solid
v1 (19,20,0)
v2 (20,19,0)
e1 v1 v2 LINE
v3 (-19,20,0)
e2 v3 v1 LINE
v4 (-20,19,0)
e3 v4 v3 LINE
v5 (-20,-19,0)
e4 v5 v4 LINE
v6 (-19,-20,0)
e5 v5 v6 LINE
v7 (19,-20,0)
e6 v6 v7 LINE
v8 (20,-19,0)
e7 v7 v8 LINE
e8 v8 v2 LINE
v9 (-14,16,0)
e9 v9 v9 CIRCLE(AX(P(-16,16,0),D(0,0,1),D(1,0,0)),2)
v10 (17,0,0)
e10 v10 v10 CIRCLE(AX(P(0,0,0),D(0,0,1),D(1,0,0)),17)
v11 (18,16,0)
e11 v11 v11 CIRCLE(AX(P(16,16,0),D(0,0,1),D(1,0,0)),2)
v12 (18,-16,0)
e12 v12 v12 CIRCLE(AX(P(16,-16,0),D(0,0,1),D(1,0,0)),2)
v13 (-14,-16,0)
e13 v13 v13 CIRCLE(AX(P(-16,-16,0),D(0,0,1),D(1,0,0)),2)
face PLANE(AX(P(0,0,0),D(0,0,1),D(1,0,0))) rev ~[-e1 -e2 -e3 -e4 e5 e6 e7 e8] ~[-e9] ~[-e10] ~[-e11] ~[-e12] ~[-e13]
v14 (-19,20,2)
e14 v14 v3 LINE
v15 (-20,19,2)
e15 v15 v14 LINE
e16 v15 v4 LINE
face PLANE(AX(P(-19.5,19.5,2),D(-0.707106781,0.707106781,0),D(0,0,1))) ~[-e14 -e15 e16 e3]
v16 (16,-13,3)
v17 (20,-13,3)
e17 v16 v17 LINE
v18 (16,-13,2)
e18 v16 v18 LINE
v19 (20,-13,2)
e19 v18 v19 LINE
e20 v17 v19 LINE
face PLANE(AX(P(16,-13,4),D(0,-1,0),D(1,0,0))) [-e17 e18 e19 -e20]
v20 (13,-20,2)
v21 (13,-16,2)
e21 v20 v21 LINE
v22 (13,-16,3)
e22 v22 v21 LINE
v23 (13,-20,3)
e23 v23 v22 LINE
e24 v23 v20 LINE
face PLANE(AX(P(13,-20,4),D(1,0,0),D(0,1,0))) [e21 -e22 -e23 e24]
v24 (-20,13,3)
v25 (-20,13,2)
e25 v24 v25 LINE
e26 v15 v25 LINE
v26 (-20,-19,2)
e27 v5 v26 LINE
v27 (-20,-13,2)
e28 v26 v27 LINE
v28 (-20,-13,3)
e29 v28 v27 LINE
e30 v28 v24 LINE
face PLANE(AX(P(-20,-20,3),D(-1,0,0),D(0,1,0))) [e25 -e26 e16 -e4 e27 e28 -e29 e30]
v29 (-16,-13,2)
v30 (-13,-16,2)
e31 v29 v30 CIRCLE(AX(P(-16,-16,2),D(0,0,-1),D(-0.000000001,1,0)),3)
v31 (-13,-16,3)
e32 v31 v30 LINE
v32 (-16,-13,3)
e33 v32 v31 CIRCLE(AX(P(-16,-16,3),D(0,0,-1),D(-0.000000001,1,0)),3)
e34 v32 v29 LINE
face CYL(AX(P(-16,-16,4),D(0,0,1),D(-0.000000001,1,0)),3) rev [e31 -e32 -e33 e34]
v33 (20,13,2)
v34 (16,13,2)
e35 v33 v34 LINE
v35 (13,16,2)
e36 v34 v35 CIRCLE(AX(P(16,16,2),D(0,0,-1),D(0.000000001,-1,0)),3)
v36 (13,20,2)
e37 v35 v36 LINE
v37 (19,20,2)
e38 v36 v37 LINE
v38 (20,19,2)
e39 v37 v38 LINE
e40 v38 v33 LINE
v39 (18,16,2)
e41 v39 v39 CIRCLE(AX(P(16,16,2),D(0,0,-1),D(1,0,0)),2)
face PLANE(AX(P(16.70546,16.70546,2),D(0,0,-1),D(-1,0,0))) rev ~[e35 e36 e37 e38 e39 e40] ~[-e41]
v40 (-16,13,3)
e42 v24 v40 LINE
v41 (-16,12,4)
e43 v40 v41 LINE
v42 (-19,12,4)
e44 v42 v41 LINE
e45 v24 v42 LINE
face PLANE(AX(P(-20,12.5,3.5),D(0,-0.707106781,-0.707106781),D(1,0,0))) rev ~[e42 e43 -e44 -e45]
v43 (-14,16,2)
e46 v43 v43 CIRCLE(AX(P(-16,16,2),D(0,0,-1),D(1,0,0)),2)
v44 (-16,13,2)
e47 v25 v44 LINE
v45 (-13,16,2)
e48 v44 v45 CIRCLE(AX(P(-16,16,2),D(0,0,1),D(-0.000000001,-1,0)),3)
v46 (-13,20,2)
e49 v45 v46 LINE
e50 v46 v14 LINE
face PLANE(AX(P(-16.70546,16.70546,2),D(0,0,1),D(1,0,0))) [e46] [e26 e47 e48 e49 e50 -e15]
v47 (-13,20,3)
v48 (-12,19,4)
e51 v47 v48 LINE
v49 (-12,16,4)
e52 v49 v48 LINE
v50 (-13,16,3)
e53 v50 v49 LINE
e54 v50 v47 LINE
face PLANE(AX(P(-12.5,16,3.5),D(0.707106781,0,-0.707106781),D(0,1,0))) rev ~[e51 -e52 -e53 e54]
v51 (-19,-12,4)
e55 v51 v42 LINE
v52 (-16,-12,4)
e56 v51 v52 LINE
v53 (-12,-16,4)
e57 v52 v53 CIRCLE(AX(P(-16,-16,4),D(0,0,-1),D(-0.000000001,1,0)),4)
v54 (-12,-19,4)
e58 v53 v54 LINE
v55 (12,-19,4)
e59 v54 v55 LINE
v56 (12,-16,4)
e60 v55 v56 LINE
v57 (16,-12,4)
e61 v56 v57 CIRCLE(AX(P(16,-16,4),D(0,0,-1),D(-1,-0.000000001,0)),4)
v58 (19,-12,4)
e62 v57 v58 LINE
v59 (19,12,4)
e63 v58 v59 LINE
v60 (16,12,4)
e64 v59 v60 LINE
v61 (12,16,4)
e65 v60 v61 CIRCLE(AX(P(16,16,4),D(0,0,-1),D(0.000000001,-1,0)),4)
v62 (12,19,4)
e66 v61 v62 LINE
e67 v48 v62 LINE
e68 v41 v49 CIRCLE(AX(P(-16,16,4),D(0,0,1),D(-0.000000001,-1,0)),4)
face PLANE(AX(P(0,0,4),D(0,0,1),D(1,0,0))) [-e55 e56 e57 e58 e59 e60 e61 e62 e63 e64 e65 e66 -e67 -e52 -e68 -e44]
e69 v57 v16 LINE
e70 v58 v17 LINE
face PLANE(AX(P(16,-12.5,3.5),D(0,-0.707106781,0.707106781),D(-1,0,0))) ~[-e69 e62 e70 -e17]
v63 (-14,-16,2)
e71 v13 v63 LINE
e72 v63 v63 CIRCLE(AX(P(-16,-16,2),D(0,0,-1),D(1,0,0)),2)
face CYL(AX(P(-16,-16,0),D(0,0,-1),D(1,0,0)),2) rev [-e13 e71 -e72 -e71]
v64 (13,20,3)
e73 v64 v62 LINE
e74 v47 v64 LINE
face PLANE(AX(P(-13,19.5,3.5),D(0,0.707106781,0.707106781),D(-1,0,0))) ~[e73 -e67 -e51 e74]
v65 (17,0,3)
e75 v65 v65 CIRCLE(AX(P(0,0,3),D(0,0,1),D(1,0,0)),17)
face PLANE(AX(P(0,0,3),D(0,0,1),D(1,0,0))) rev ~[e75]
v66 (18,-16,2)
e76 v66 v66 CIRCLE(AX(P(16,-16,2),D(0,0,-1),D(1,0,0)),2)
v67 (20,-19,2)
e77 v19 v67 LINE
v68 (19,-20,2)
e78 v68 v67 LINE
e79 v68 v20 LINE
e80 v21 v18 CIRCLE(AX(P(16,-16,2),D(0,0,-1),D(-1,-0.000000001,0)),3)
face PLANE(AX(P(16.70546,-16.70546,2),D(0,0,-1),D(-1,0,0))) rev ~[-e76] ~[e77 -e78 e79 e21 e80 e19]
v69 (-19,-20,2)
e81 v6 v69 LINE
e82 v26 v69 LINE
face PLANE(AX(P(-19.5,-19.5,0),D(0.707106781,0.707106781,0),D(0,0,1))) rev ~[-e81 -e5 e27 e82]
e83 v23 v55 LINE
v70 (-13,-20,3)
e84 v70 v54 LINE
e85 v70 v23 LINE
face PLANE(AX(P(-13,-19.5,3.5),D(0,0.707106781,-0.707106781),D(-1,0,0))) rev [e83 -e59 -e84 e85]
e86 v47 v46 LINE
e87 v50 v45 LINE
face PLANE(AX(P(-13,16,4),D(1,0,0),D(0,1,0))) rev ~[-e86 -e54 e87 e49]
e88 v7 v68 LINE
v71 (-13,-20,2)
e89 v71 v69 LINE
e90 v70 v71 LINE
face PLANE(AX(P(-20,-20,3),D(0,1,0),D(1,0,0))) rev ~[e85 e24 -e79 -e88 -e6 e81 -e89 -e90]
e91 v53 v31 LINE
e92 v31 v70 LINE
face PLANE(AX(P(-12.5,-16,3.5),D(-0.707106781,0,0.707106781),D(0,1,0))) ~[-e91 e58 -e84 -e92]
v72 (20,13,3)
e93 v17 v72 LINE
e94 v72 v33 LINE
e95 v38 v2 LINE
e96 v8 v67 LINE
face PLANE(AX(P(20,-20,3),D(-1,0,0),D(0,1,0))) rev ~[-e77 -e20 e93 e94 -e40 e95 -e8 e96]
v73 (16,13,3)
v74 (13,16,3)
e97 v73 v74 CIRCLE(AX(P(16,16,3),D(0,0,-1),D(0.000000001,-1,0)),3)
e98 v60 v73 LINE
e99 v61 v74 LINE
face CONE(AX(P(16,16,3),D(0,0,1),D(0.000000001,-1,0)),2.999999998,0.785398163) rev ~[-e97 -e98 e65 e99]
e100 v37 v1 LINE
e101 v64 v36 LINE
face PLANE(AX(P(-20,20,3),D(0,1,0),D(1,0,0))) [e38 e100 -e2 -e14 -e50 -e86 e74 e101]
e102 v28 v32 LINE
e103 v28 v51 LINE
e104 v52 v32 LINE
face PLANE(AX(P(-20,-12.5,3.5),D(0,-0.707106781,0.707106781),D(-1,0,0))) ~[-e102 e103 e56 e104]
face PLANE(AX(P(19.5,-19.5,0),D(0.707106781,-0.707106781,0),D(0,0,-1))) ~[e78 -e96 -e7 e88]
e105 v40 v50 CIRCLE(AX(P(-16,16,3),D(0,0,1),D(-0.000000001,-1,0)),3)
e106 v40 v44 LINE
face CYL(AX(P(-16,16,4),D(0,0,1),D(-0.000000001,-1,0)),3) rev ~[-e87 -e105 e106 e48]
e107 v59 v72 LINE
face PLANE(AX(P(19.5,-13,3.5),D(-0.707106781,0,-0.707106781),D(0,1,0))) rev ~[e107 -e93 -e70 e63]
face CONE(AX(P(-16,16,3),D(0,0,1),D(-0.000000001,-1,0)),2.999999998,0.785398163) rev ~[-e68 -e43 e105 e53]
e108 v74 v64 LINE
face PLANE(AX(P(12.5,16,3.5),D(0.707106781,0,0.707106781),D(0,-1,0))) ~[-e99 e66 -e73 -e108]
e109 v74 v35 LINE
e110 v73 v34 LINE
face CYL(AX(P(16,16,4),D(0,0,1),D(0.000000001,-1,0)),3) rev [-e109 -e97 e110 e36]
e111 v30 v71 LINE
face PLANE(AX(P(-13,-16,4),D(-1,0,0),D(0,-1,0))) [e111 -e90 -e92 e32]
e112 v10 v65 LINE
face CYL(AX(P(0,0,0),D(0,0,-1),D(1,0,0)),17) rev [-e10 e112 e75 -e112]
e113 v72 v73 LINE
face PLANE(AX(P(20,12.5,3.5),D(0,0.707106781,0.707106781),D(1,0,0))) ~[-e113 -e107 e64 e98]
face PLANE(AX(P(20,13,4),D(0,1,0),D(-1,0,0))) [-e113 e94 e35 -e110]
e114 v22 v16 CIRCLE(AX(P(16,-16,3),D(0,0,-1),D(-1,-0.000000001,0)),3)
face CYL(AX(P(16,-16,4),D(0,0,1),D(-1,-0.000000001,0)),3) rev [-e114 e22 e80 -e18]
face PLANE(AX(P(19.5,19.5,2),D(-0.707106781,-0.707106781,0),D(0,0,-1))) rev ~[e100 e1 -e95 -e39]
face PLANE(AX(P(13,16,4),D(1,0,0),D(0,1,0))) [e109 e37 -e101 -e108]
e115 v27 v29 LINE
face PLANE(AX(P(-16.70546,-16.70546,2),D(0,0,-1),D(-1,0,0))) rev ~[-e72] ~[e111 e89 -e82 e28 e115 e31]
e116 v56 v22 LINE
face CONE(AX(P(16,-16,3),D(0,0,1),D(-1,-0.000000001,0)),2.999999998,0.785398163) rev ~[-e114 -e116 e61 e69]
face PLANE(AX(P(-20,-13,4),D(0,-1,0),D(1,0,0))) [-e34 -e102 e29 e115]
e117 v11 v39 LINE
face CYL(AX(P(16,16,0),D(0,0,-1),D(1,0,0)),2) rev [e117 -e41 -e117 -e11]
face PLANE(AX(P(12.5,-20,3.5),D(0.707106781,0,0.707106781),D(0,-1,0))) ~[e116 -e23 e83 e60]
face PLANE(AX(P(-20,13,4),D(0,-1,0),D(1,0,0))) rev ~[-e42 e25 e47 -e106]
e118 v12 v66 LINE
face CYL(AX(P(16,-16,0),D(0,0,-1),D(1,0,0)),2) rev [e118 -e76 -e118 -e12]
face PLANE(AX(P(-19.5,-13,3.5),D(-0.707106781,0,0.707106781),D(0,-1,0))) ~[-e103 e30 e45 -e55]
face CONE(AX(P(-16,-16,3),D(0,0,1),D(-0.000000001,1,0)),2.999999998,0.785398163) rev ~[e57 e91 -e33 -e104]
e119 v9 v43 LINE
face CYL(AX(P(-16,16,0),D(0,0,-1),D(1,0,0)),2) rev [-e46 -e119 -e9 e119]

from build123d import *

# Parameters (mm, degrees)
CROQUIS1_W              = 40
CROQUIS1_H              = 40
CROQUIS1_R              = 2
CROQUIS1_R_2            = 17
SALIENTE_EXTRUIR1_DEPTH = 3
CROQUIS2_W              = 40
CROQUIS2_H              = 40
SALIENTE_EXTRUIR2_DEPTH = 1
CORTAR_EXTRUIR1_DEPTH   = 2
CHAFL_N1_SIZE           = 1


with BuildPart() as part:
    # Croquis1 → Saliente-Extruir1 (new body)
    with BuildSketch(Plane.XY):
        Rectangle(CROQUIS1_W, CROQUIS1_H)
        with Locations((-16, -16)):
            Circle(CROQUIS1_R, mode=Mode.SUBTRACT)
        with Locations((16, -16)):
            Circle(CROQUIS1_R, mode=Mode.SUBTRACT)
        with Locations((16, 16)):
            Circle(CROQUIS1_R, mode=Mode.SUBTRACT)
        with Locations((-16, 16)):
            Circle(CROQUIS1_R, mode=Mode.SUBTRACT)
        Circle(CROQUIS1_R_2, mode=Mode.SUBTRACT)
    extrude(amount=SALIENTE_EXTRUIR1_DEPTH)

    # Croquis2 → Saliente-Extruir2 (add)
    with BuildSketch(Plane.XY.offset(3)):
        Rectangle(CROQUIS2_W, CROQUIS2_H)
    extrude(amount=SALIENTE_EXTRUIR2_DEPTH)

    # Croquis3 → Cortar-Extruir1 (cut)
    with BuildSketch(Plane.XY.offset(4)):
        with BuildLine():
            Line((13, 16), (13, 20))
            Line((13, 20), (20, 20))
            Line((20, 20), (20, 13))
            Line((20, 13), (16, 13))
            ThreePointArc((16, 13), (13.878679656, 13.878679656), (13, 16))
        make_face()
        with BuildLine():
            Line((-13, 16), (-13, 20))
            Line((-13, 20), (-20, 20))
            Line((-20, 20), (-20, 13))
            Line((-20, 13), (-16, 13))
            ThreePointArc((-16, 13), (-13.878679656, 13.878679656), (-13, 16))
        make_face()
        with BuildLine():
            Line((16, -13), (20, -13))
            Line((20, -13), (20, -20))
            Line((20, -20), (13, -20))
            Line((13, -20), (13, -16))
            ThreePointArc((13, -16), (13.878679656, -13.878679656), (16, -13))
        make_face()
        with BuildLine():
            Line((-13, -16), (-13, -20))
            Line((-13, -20), (-20, -20))
            Line((-20, -20), (-20, -13))
            Line((-20, -13), (-16, -13))
            ThreePointArc((-16, -13), (-13.878679656, -13.878679656), (-13, -16))
        make_face()
    extrude(amount=-CORTAR_EXTRUIR1_DEPTH, mode=Mode.SUBTRACT)

    # Chaflán1
    chafl_n1_edges = [part.edges().sort_by_distance(p)[0] for p in [
        (-20, 0, 4),
        (0, -20, 4),
        (20, 0, 4),
        (0, 20, 4),
        (20, -20, 1),
        (-20, -20, 1),
        (-20, 20, 1),
        (20, 20, 1),
        (-13.878679656, -13.878679656, 4),
        (-18, -13, 4),
        (-13, -18, 4),
        (13.878679656, -13.878679656, 4),
        (13, -18, 4),
        (18, -13, 4),
        (13.878679656, 13.878679656, 4),
        (18, 13, 4),
        (13, 18, 4),
        (-18, 13, 4),
        (-13.878679656, 13.878679656, 4),
        (-13, 18, 4),
    ]]
    chamfer(chafl_n1_edges, length=CHAFL_N1_SIZE)


solid = part.part
